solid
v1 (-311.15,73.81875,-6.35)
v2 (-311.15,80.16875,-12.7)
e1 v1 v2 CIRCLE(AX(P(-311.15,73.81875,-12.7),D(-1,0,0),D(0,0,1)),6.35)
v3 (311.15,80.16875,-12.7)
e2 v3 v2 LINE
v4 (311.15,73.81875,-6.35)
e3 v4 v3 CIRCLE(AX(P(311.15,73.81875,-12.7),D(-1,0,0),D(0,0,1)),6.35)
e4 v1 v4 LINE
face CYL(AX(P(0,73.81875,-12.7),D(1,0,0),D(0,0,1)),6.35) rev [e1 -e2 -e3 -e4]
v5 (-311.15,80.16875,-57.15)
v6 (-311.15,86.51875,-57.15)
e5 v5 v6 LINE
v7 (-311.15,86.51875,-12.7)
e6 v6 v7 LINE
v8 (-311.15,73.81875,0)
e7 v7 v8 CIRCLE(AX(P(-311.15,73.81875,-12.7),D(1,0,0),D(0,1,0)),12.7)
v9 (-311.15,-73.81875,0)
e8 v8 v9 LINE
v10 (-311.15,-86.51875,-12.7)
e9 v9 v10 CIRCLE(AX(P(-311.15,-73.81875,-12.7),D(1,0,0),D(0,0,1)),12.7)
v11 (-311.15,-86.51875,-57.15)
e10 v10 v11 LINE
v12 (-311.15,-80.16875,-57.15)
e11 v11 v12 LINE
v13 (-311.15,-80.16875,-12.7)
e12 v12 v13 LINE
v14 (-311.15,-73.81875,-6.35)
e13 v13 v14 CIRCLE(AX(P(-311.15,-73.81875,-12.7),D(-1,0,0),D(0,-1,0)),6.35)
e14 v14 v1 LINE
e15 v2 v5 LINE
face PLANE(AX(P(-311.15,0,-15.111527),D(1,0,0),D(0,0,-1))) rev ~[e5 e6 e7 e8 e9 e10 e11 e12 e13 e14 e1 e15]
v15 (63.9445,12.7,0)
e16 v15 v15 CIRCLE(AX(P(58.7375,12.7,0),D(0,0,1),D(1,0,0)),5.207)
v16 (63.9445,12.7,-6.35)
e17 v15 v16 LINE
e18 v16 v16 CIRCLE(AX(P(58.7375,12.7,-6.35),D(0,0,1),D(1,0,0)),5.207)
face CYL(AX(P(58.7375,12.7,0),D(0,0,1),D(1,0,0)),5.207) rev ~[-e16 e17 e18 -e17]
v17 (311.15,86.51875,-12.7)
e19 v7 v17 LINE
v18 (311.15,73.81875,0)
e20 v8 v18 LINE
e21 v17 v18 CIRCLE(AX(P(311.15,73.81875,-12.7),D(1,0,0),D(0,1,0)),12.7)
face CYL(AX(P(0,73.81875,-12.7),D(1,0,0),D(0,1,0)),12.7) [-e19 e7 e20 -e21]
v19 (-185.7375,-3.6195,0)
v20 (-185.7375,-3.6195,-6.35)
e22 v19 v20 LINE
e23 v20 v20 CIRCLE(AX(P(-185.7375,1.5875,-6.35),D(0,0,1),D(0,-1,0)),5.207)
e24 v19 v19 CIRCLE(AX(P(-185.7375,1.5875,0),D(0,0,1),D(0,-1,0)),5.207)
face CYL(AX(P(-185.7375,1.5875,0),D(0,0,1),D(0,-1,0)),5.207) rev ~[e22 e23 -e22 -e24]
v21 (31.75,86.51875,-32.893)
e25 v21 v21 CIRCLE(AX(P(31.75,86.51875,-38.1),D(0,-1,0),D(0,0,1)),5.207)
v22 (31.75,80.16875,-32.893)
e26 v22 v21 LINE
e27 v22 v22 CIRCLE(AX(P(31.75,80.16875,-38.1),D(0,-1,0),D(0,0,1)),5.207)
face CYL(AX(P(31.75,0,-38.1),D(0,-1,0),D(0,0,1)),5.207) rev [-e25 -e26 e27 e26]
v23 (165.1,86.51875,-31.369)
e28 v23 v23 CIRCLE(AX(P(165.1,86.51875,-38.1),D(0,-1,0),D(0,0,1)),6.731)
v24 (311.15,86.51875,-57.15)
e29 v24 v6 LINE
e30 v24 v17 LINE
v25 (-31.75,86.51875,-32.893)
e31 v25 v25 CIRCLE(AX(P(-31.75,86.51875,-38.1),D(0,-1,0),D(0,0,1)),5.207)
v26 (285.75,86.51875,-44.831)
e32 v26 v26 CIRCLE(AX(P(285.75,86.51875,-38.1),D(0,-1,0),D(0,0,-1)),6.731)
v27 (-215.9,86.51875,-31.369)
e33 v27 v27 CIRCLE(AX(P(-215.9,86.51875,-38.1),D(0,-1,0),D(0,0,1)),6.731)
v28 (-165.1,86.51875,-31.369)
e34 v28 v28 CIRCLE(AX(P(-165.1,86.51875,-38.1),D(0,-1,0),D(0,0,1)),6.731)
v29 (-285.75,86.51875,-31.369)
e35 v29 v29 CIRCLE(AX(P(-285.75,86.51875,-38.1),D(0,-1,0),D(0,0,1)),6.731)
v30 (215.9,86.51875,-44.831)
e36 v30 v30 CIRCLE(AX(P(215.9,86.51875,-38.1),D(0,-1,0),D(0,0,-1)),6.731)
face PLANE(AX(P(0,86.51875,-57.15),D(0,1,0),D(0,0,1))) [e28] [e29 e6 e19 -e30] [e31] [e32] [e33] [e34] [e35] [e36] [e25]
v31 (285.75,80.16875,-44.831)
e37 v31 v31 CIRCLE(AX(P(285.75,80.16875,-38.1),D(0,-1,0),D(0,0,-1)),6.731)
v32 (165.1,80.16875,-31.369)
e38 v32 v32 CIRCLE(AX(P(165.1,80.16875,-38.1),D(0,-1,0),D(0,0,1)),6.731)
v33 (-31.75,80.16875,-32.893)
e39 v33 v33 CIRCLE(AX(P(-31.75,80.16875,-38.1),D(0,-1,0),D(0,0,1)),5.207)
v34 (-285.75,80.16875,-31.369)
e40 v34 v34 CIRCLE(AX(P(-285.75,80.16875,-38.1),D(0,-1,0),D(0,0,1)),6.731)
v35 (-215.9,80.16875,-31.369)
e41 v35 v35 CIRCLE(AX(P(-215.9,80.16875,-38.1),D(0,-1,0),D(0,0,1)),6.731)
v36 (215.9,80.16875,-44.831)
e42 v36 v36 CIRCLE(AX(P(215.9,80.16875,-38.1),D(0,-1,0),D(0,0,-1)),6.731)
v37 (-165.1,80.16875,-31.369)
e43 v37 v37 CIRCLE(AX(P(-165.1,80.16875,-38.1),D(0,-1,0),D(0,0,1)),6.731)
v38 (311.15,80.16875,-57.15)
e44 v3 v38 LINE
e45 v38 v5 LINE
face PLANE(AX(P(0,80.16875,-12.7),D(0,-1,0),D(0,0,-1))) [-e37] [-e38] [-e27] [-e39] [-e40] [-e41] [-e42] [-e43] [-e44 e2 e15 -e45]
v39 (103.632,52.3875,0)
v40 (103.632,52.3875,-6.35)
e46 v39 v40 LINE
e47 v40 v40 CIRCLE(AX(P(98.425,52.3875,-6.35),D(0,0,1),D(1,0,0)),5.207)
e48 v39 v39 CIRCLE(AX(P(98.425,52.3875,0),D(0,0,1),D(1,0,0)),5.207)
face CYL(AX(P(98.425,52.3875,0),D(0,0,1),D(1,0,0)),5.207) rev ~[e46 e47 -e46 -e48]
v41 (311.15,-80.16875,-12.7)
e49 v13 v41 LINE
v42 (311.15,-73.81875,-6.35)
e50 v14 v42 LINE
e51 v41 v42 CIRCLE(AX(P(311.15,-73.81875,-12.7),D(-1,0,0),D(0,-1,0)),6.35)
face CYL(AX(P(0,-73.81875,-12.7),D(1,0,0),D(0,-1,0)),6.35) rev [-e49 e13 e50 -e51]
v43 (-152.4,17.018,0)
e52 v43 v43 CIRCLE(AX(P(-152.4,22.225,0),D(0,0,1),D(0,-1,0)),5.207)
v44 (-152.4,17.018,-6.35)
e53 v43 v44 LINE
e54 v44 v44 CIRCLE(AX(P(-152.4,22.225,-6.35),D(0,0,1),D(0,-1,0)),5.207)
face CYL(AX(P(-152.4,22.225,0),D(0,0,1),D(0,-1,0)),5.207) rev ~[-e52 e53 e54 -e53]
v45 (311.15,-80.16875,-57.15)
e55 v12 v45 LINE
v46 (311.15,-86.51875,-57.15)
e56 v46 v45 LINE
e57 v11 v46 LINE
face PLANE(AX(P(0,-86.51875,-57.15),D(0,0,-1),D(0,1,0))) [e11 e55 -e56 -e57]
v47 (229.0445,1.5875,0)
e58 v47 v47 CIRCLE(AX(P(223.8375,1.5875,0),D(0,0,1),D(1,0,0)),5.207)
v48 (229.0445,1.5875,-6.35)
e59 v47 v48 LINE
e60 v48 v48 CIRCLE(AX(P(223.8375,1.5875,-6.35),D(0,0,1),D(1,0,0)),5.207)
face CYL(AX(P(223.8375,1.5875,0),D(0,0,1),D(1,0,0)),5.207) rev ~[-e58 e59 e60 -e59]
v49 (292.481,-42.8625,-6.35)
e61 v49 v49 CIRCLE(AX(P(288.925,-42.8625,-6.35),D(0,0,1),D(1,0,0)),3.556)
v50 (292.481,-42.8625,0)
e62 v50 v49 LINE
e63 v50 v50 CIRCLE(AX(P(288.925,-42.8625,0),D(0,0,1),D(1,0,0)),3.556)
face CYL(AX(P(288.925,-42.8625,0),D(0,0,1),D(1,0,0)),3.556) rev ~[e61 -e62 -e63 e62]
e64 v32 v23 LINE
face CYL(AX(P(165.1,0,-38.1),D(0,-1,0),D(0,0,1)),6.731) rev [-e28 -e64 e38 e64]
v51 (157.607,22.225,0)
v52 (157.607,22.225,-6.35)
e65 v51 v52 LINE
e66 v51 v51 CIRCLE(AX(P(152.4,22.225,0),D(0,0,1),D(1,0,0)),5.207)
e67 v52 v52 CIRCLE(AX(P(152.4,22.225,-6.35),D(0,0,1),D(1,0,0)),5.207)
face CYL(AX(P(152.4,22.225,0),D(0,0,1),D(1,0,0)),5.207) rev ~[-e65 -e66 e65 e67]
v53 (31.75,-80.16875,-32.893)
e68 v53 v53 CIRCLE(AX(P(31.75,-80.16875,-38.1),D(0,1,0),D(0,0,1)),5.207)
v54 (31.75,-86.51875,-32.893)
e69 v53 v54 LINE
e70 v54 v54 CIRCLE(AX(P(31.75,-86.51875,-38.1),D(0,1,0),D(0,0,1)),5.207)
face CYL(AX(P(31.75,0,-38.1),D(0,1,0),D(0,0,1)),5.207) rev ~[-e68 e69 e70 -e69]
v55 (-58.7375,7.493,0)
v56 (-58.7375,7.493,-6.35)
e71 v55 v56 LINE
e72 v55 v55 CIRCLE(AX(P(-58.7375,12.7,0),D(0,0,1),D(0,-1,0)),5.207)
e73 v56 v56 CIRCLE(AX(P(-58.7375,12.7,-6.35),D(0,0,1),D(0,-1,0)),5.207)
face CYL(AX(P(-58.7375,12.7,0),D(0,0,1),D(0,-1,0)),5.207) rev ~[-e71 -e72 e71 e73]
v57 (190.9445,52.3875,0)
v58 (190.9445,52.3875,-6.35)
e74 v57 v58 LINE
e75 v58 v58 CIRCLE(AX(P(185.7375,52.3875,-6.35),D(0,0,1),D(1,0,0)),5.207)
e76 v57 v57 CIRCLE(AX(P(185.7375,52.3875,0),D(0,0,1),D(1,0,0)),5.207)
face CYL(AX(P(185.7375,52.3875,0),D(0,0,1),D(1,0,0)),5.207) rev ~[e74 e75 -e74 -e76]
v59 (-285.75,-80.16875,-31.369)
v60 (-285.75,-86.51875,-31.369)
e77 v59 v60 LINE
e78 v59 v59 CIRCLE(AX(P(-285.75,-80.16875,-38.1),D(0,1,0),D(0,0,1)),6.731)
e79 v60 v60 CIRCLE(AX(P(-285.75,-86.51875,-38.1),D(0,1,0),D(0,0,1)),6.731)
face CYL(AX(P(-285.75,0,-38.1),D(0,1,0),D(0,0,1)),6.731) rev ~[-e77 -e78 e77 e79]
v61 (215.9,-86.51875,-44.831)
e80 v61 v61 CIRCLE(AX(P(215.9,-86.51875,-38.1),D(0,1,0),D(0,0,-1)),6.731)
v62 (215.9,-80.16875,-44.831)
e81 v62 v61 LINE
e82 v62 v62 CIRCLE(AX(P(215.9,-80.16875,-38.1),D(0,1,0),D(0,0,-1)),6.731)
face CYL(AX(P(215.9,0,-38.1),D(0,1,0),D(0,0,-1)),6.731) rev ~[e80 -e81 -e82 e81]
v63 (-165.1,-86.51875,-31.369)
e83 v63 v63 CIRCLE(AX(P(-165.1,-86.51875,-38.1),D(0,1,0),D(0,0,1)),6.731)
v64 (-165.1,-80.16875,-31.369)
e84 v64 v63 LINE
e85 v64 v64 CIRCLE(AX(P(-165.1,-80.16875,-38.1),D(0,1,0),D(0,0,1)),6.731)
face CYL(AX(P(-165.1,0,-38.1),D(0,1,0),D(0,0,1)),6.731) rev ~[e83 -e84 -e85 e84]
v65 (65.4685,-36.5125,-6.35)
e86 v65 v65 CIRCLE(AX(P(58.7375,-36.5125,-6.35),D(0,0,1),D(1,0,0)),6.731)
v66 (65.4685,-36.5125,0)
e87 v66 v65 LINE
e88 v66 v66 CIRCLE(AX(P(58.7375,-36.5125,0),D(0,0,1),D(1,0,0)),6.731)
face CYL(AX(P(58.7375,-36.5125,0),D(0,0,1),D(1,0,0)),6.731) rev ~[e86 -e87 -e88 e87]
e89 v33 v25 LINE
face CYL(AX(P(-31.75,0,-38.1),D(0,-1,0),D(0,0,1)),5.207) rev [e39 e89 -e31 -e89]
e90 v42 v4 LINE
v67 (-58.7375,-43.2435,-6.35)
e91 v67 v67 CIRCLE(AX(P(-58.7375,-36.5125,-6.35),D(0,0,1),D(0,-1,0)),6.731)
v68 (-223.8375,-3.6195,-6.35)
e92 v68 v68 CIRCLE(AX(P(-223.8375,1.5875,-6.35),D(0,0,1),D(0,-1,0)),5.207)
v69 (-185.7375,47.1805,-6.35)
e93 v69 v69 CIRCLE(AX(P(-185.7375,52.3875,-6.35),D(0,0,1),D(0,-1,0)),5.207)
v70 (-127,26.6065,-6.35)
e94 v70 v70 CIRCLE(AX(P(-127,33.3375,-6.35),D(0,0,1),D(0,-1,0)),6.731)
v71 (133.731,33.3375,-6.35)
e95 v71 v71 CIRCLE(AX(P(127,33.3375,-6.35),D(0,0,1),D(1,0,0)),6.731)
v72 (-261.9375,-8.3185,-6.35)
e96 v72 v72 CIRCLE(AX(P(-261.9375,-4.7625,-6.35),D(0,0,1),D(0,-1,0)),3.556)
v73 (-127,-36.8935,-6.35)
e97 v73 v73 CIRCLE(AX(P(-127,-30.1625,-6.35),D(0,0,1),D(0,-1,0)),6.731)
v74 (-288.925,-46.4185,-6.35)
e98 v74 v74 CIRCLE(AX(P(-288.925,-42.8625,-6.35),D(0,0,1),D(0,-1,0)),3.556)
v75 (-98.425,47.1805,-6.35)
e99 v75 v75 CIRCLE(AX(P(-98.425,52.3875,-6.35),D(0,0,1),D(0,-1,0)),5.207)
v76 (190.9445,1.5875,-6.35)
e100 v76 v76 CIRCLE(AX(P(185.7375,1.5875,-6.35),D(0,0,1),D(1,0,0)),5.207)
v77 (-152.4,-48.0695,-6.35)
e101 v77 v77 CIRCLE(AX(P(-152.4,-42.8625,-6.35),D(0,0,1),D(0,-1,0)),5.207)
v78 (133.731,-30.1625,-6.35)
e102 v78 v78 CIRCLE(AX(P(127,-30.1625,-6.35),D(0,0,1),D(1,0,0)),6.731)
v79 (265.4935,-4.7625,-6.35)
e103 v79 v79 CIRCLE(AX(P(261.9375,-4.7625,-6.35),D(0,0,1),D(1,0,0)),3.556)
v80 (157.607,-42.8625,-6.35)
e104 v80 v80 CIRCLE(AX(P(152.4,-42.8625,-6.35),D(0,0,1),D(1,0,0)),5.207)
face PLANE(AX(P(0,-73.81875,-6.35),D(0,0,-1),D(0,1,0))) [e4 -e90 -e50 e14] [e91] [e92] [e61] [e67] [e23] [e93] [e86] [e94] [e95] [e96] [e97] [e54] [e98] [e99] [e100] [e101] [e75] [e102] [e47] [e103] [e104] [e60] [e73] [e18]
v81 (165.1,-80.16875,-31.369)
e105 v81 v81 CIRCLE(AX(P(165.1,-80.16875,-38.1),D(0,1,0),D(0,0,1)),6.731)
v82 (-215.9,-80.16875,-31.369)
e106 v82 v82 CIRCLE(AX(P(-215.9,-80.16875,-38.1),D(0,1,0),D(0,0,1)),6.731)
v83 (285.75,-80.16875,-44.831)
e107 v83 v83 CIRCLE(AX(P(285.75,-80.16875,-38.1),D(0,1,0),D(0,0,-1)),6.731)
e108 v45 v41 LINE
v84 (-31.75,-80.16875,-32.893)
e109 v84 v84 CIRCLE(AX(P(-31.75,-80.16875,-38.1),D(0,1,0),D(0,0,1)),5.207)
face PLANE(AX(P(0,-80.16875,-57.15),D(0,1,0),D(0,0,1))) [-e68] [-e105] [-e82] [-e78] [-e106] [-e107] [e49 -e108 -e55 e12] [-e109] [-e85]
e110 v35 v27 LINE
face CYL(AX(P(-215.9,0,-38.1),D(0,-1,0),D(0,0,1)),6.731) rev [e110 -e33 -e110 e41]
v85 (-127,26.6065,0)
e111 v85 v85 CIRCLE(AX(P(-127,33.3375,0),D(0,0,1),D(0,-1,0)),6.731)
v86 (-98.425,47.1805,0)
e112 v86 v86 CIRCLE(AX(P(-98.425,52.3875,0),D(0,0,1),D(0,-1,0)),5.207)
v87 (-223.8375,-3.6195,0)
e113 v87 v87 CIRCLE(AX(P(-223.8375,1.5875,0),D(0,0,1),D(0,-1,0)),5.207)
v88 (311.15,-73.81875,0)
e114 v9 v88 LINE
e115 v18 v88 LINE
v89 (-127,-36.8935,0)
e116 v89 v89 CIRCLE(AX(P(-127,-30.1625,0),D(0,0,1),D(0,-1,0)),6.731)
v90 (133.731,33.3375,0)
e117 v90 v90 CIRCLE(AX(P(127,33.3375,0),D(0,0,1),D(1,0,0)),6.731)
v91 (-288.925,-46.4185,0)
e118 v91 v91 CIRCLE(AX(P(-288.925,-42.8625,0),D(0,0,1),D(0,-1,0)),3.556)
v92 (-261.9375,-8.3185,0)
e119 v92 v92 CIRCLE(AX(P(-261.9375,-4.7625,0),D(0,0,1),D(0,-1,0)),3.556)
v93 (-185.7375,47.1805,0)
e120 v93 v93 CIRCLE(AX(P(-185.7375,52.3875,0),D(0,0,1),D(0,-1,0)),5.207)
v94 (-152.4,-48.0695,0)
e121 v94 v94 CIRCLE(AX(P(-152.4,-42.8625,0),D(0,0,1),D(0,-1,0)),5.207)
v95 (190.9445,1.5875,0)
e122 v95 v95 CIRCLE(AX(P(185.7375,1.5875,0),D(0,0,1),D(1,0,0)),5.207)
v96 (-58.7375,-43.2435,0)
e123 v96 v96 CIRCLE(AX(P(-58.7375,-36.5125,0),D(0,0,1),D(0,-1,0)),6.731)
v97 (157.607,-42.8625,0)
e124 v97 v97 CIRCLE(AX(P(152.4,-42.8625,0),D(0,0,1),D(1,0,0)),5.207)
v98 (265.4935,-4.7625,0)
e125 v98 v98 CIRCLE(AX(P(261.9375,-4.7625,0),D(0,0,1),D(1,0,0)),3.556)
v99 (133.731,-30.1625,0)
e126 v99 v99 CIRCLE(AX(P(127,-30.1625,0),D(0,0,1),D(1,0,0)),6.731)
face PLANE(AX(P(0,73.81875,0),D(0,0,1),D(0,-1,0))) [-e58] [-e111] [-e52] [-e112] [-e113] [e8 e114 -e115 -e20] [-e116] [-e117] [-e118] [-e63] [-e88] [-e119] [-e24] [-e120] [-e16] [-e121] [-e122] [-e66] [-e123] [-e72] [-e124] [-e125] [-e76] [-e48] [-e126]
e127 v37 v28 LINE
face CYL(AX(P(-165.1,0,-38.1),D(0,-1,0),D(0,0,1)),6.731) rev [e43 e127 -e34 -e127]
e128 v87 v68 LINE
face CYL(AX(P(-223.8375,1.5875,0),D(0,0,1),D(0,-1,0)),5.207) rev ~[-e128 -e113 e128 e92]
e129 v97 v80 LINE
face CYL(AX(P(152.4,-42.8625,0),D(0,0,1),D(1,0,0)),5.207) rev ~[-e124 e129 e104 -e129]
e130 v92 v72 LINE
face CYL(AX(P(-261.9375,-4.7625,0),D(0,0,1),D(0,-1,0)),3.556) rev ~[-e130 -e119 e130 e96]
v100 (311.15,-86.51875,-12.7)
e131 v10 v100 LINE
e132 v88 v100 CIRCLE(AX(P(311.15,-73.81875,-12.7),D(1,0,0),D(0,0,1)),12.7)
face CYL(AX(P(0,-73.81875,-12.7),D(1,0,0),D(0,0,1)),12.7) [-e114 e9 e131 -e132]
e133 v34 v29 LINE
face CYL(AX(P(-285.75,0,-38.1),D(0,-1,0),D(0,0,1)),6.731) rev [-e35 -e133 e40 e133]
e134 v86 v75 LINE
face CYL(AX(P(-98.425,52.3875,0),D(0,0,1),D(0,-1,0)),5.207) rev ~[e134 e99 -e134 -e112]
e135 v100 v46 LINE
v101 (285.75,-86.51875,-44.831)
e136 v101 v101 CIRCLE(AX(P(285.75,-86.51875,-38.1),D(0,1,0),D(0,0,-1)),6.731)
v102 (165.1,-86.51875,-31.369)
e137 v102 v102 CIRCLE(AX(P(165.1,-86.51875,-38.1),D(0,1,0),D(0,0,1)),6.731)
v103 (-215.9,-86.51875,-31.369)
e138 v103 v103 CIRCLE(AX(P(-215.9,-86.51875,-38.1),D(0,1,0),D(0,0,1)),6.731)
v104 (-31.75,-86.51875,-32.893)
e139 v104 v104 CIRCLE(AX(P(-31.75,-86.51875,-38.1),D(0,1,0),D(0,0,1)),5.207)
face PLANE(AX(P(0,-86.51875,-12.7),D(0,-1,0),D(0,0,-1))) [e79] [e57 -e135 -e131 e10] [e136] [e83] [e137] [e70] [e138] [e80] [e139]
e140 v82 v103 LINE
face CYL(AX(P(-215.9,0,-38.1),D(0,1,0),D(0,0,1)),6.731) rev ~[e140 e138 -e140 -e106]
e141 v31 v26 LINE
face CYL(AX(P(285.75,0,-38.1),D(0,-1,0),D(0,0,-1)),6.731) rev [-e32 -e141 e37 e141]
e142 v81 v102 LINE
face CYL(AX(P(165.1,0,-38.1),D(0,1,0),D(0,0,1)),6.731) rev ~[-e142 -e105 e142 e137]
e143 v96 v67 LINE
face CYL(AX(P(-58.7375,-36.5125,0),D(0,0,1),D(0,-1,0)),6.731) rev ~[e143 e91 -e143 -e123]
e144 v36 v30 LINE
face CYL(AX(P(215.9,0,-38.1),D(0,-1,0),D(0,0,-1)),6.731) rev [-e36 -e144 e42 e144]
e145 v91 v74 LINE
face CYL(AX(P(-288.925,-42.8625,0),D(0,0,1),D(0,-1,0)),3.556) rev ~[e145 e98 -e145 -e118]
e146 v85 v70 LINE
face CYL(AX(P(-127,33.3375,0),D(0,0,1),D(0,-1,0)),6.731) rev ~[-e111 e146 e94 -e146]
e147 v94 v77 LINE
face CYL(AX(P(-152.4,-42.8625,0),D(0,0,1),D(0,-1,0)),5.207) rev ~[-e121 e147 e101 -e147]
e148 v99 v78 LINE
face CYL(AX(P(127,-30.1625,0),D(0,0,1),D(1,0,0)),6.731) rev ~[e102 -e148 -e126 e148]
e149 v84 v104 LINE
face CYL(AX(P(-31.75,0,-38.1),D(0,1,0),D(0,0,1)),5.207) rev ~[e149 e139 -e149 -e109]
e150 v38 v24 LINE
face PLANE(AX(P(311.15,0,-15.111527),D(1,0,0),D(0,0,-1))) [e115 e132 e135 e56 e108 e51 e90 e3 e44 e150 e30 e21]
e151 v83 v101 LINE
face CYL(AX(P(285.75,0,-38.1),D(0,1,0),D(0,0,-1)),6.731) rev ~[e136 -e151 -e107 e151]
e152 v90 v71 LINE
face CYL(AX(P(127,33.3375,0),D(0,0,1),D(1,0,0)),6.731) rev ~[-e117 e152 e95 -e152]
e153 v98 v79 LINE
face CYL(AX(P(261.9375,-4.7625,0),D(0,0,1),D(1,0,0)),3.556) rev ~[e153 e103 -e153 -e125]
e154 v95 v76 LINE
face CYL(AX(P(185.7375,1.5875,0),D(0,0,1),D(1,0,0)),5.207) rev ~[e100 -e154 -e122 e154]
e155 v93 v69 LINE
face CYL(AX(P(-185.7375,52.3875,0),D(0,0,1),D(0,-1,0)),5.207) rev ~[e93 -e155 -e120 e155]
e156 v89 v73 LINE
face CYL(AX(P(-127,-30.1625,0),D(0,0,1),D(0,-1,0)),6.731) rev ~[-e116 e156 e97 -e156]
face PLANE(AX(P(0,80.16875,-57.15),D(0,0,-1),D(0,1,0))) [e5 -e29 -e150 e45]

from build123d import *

# Parameters (mm, degrees)
EXTRUDE1_DEPTH           = 311.15
SKETCH2_R                = 5.207
SKETCH2_R_2              = 3.556
SKETCH2_R_3              = 6.731
CUT_WEB_HOLES_DEPTH      = 328.972466987
SKETCH3_R                = 6.731
SKETCH3_R_2              = 5.207
CUT_FLG_HOLES_DEPTH      = 328.972466987
CUT_FLG_HOLES_DEPTH_BACK = 328.972466987


with BuildPart() as part:
    # Sketch1 → Extrude1 (new, symmetric)
    with BuildSketch(Plane(origin=(0, 0, 0), x_dir=(0, 0, -1), z_dir=(1, 0, 0))):
        with BuildLine():
            Line((57.15, 86.51875), (12.7, 86.51875))
            ThreePointArc((12.7, 86.51875), (3.719743879, 82.799006121), (0, 73.81875))
            Line((0, 73.81875), (0, -73.81875))
            ThreePointArc((0, -73.81875), (3.719743879, -82.799006121), (12.7, -86.51875))
            Line((12.7, -86.51875), (57.15, -86.51875))
            Line((57.15, -86.51875), (57.15, -80.16875))
            Line((57.15, -80.16875), (12.7, -80.16875))
            ThreePointArc((12.7, -80.16875), (8.209871939, -78.308878061), (6.35, -73.81875))
            Line((6.35, -73.81875), (6.35, 73.81875))
            ThreePointArc((6.35, 73.81875), (8.209871939, 78.308878061), (12.7, 80.16875))
            Line((12.7, 80.16875), (57.15, 80.16875))
            Line((57.15, 80.16875), (57.15, 86.51875))
        make_face()
    extrude(amount=EXTRUDE1_DEPTH, both=True)

    # Sketch2 → Cut-Web Holes (cut, through all)
    with BuildSketch(Plane.XY):
        with Locations(Location((-152.4, 22.225, 0), (0, 0, 270))):
            Circle(SKETCH2_R)
        with Locations(Location((-185.7375, 52.3875, 0), (0, 0, 270))):
            Circle(SKETCH2_R)
        with Locations(Location((-223.8375, 1.5875, 0), (0, 0, 270))):
            Circle(SKETCH2_R)
        with Locations(Location((-261.9375, -4.7625, 0), (0, 0, 270))):
            Circle(SKETCH2_R_2)
        with Locations(Location((-288.925, -42.8625, 0), (0, 0, 270))):
            Circle(SKETCH2_R_2)
        with Locations(Location((-152.4, -42.8625, 0), (0, 0, 270))):
            Circle(SKETCH2_R)
        with Locations(Location((-127, -30.1625, 0), (0, 0, 270))):
            Circle(SKETCH2_R_3)
        with Locations(Location((-127, 33.3375, 0), (0, 0, 270))):
            Circle(SKETCH2_R_3)
        with Locations(Location((-98.425, 52.3875, 0), (0, 0, 270))):
            Circle(SKETCH2_R)
        with Locations(Location((-58.7375, 12.7, 0), (0, 0, 270))):
            Circle(SKETCH2_R)
        with Locations(Location((-58.7375, -36.5125, 0), (0, 0, 270))):
            Circle(SKETCH2_R_3)
        with Locations(Location((-185.7375, 1.5875, 0), (0, 0, 270))):
            Circle(SKETCH2_R)
        with Locations((98.425, 52.3875)):
            Circle(SKETCH2_R)
        with Locations((127, 33.3375)):
            Circle(SKETCH2_R_3)
        with Locations((152.4, 22.225)):
            Circle(SKETCH2_R)
        with Locations((185.7375, 52.3875)):
            Circle(SKETCH2_R)
        with Locations((223.8375, 1.5875)):
            Circle(SKETCH2_R)
        with Locations((185.7375, 1.5875)):
            Circle(SKETCH2_R)
        with Locations((261.9375, -4.7625)):
            Circle(SKETCH2_R_2)
        with Locations((288.925, -42.8625)):
            Circle(SKETCH2_R_2)
        with Locations((152.4, -42.8625)):
            Circle(SKETCH2_R)
        with Locations((127, -30.1625)):
            Circle(SKETCH2_R_3)
        with Locations((58.7375, 12.7)):
            Circle(SKETCH2_R)
        with Locations((58.7375, -36.5125)):
            Circle(SKETCH2_R_3)
    extrude(amount=-CUT_WEB_HOLES_DEPTH, mode=Mode.SUBTRACT)

    # Sketch3 → Cut-Flg Holes (cut, two sides)
    with BuildSketch(Plane(origin=(0, 0, 0), x_dir=(1, 0, 0), z_dir=(0, 1, 0))) as cut_flg_holes_sk:
        with Locations(Location((-285.75, 38.1, 0), (0, 0, 270))):
            Circle(SKETCH3_R)
        with Locations(Location((-215.9, 38.1, 0), (0, 0, 270))):
            Circle(SKETCH3_R)
        with Locations(Location((285.75, 38.1, 0), (0, 0, 90))):
            Circle(SKETCH3_R)
        with Locations(Location((215.9, 38.1, 0), (0, 0, 90))):
            Circle(SKETCH3_R)
        with Locations(Location((165.1, 38.1, 0), (0, 0, 270))):
            Circle(SKETCH3_R)
        with Locations(Location((31.75, 38.1, 0), (0, 0, 270))):
            Circle(SKETCH3_R_2)
        with Locations(Location((-31.75, 38.1, 0), (0, 0, 270))):
            Circle(SKETCH3_R_2)
        with Locations(Location((-165.1, 38.1, 0), (0, 0, 270))):
            Circle(SKETCH3_R)
    extrude(amount=CUT_FLG_HOLES_DEPTH, mode=Mode.SUBTRACT)
    extrude(cut_flg_holes_sk.sketch, amount=-CUT_FLG_HOLES_DEPTH_BACK, mode=Mode.SUBTRACT)


solid = part.part
